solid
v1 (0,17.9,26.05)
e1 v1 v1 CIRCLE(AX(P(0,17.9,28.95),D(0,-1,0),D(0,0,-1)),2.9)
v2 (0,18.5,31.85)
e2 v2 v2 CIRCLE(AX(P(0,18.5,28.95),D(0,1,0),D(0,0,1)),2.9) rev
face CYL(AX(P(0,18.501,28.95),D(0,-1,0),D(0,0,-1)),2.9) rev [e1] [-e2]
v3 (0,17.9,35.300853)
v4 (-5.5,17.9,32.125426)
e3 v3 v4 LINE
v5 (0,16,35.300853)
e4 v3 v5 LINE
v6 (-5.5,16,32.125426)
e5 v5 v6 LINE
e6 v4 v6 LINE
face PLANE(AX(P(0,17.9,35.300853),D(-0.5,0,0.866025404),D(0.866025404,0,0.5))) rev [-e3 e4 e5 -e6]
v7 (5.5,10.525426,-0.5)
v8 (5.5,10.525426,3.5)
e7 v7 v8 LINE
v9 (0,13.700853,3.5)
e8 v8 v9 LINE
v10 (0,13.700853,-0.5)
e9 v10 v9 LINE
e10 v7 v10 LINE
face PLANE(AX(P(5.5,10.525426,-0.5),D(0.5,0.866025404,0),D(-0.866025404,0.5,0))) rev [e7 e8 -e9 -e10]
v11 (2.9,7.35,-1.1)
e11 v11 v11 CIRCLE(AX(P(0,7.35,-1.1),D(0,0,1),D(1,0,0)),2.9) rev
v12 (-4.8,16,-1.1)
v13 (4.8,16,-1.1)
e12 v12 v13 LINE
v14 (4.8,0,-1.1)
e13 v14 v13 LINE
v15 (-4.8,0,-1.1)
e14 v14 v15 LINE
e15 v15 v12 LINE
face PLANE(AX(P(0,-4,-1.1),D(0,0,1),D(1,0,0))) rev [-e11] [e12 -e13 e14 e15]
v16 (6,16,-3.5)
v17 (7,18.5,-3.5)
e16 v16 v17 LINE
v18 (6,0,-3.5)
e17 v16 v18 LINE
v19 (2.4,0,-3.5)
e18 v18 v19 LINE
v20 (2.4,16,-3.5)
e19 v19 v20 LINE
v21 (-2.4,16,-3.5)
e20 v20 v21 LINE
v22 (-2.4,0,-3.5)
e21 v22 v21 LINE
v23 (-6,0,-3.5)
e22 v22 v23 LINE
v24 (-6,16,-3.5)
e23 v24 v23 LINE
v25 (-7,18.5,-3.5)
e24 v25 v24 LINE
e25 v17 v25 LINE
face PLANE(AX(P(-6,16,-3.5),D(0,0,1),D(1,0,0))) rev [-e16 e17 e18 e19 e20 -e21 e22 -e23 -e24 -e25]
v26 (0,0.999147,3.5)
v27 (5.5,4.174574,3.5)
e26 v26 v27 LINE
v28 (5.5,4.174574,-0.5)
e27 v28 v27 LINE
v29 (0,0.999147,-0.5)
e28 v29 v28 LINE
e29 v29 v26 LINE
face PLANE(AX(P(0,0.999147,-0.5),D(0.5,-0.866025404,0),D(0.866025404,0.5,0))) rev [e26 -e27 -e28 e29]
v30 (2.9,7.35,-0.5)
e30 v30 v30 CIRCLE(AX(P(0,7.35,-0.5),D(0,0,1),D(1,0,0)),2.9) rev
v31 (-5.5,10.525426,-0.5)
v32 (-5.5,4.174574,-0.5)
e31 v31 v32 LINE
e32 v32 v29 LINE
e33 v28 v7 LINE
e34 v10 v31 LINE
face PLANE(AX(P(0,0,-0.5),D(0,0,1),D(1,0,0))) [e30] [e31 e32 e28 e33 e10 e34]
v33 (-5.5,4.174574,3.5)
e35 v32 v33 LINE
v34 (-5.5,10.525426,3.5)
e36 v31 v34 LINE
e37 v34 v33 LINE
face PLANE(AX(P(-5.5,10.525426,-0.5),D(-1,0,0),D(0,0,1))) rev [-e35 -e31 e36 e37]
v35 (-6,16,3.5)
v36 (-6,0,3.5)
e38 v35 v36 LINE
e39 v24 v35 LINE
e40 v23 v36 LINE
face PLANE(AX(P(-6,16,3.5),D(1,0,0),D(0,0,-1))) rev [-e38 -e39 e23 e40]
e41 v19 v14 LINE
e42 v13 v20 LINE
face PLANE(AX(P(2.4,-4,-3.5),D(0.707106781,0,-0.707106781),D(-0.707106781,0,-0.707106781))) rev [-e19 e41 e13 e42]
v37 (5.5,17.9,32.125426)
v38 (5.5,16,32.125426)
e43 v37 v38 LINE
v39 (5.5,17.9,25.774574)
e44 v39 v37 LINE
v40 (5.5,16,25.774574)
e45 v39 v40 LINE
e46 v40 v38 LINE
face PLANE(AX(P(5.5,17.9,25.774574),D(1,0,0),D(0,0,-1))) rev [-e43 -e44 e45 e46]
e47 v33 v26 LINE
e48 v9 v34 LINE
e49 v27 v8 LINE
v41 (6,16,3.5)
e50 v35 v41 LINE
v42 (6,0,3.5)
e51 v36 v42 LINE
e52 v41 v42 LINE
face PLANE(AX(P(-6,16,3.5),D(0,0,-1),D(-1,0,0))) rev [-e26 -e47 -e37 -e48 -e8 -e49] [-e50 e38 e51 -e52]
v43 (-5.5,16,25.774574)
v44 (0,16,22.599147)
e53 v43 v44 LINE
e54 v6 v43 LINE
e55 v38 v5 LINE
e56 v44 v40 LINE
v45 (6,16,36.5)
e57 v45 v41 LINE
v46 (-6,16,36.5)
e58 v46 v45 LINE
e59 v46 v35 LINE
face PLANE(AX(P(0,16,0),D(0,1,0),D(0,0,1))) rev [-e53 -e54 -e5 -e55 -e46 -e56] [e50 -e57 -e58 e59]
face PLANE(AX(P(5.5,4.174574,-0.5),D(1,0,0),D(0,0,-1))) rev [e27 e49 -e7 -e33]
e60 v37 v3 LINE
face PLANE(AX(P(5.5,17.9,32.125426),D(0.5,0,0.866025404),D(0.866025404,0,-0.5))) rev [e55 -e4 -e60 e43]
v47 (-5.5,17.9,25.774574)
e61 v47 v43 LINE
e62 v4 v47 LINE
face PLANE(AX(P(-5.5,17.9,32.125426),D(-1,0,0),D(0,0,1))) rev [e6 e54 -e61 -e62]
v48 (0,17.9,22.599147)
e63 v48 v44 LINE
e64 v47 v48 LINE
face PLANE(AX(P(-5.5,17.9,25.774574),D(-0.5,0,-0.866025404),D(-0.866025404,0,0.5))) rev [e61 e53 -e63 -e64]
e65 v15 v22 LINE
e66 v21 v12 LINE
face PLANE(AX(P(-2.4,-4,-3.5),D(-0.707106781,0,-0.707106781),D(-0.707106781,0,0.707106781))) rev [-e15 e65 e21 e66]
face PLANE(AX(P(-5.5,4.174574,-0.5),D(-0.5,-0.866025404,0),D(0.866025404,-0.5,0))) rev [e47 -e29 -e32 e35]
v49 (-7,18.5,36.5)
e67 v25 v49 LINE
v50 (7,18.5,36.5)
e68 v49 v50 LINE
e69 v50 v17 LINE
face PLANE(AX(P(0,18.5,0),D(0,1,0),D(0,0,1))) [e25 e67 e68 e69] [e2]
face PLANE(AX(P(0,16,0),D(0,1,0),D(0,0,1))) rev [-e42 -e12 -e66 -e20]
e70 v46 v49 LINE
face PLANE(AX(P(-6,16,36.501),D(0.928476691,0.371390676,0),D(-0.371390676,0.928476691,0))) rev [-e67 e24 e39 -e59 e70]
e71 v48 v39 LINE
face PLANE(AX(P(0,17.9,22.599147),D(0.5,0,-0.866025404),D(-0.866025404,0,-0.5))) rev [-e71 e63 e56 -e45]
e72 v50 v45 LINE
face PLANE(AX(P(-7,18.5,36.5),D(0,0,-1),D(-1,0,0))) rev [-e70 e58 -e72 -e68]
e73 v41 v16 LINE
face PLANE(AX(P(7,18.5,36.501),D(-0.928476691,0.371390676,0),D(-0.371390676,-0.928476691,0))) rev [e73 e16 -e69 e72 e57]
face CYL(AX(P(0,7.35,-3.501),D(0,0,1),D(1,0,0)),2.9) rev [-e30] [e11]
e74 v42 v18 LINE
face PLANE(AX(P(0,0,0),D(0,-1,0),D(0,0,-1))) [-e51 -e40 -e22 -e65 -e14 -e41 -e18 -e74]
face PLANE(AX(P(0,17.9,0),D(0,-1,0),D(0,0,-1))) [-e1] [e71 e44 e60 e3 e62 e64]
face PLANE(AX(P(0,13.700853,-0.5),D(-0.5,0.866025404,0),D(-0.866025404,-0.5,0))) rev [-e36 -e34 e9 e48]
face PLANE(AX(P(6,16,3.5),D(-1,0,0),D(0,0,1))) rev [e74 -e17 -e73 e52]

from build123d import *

# Parameters (mm, degrees)
SKETCH1_W           = 12
SKETCH1_H           = 7
BOSS_EXTRUDE1_DEPTH = 16
CUT_EXTRUDE1_DEPTH  = 20
CUT_EXTRUDE2_REACH  = 20.466
SKETCH3_R           = 2.9
CUT_EXTRUDE3_DEPTH  = 4
SKETCH5_W           = 14
SKETCH5_H           = 40
BOSS_EXTRUDE2_DEPTH = 2.5
CUT_EXTRUDE4_REACH  = 46.623
CUT_EXTRUDE6_DEPTH  = 1.9
CUT_EXTRUDE7_REACH  = 43.251
SKETCH9_R           = 2.9


with BuildPart() as part:
    # Sketch1 → Boss-Extrude1 (new body)
    with BuildSketch(Plane(origin=(0, 0, 0), x_dir=(1, 0, 0), z_dir=(0, 1, 0))):
        Rectangle(SKETCH1_W, SKETCH1_H)
    extrude(amount=BOSS_EXTRUDE1_DEPTH)

    # Sketch2 → Cut-Extrude1 (cut)
    with BuildSketch(Plane(origin=(0, 16, 0), x_dir=(1, 0, 0), z_dir=(0, 1, 0))):
        Polygon((0, 3.5), (2.4, 3.5), (4.8, 1.1), (0, 1.1), (-4.8, 1.1), (-2.4, 3.5), align=None)
    extrude(amount=-CUT_EXTRUDE1_DEPTH, mode=Mode.SUBTRACT)

    # Sketch3 → Cut-Extrude2 (cut, up to next)
    with BuildSketch(Plane.XY.offset(3.5), mode=Mode.PRIVATE) as cut_extrude2_sk1:
        with Locations((0, 7.35)):
            Circle(SKETCH3_R)
    cut_extrude2_tool1 = extrude(cut_extrude2_sk1.sketch, amount=-CUT_EXTRUDE2_REACH, mode=Mode.PRIVATE) & part.part
    add(cut_extrude2_tool1.solids().sort_by_distance((0, 7.35, 3.5))[0], mode=Mode.SUBTRACT)

    # Sketch4 → Cut-Extrude3 (cut)
    with BuildSketch(Plane.XY.offset(3.5)):
        Polygon((0, 13.700852961), (-5.5, 10.525426481), (-5.5, 4.174573519), (0, 0.999147039), (5.5, 4.174573519), (5.5, 10.525426481), align=None)
    extrude(amount=-CUT_EXTRUDE3_DEPTH, mode=Mode.SUBTRACT)

    # Sketch5 → Boss-Extrude2 (add)
    with BuildSketch(Plane(origin=(0, 16, 0), x_dir=(1, 0, 0), z_dir=(0, 1, 0))):
        with Locations((0, -16.5)):
            Rectangle(SKETCH5_W, SKETCH5_H)
    extrude(amount=BOSS_EXTRUDE2_DEPTH)

    # Sketch6 → Cut-Extrude4 (cut, up to next)
    with BuildSketch(Plane(origin=(0, 0, -3.5), x_dir=(-1, 0, 0), z_dir=(0, 0, -1)), mode=Mode.PRIVATE) as cut_extrude4_sk1:
        Polygon((-7, 16), (-7, 18.5), (-6, 16), align=None)
    cut_extrude4_tool1 = extrude(cut_extrude4_sk1.sketch, amount=-CUT_EXTRUDE4_REACH, mode=Mode.PRIVATE) & part.part
    # Sketch6 → Cut-Extrude4 (cut, up to next)
    with BuildSketch(Plane(origin=(0, 0, -3.5), x_dir=(-1, 0, 0), z_dir=(0, 0, -1)), mode=Mode.PRIVATE) as cut_extrude4_sk2:
        Polygon((7, 16), (6, 16), (7, 18.5), align=None)
    cut_extrude4_tool2 = extrude(cut_extrude4_sk2.sketch, amount=-CUT_EXTRUDE4_REACH, mode=Mode.PRIVATE) & part.part
    add(cut_extrude4_tool1.solids().sort_by_distance((6.666667, 16.833333, -3.5))[0], mode=Mode.SUBTRACT)
    add(cut_extrude4_tool2.solids().sort_by_distance((-6.666667, 16.833333, -3.5))[0], mode=Mode.SUBTRACT)

    # Sketch8 → Cut-Extrude6 (cut)
    with BuildSketch(Plane.XZ.offset(-16)):
        Polygon((0, 22.599147039), (5.5, 25.774573519), (5.5, 32.125426481), (0, 35.300852961), (-5.5, 32.125426481), (-5.5, 25.774573519), align=None)
    extrude(amount=-CUT_EXTRUDE6_DEPTH, mode=Mode.SUBTRACT)

    # Sketch9 → Cut-Extrude7 (cut, up to next)
    with BuildSketch(Plane(origin=(0, 17.9, 0), x_dir=(-1, 0, 0), z_dir=(0, -1, 0)), mode=Mode.PRIVATE) as cut_extrude7_sk1:
        with Locations(Location((0, -28.95, 0), (0, 0, 90))):
            Circle(SKETCH9_R)
    cut_extrude7_tool1 = extrude(cut_extrude7_sk1.sketch, amount=-CUT_EXTRUDE7_REACH, mode=Mode.PRIVATE) & part.part
    add(cut_extrude7_tool1.solids().sort_by_distance((0, 17.9, 28.95))[0], mode=Mode.SUBTRACT)


solid = part.part
